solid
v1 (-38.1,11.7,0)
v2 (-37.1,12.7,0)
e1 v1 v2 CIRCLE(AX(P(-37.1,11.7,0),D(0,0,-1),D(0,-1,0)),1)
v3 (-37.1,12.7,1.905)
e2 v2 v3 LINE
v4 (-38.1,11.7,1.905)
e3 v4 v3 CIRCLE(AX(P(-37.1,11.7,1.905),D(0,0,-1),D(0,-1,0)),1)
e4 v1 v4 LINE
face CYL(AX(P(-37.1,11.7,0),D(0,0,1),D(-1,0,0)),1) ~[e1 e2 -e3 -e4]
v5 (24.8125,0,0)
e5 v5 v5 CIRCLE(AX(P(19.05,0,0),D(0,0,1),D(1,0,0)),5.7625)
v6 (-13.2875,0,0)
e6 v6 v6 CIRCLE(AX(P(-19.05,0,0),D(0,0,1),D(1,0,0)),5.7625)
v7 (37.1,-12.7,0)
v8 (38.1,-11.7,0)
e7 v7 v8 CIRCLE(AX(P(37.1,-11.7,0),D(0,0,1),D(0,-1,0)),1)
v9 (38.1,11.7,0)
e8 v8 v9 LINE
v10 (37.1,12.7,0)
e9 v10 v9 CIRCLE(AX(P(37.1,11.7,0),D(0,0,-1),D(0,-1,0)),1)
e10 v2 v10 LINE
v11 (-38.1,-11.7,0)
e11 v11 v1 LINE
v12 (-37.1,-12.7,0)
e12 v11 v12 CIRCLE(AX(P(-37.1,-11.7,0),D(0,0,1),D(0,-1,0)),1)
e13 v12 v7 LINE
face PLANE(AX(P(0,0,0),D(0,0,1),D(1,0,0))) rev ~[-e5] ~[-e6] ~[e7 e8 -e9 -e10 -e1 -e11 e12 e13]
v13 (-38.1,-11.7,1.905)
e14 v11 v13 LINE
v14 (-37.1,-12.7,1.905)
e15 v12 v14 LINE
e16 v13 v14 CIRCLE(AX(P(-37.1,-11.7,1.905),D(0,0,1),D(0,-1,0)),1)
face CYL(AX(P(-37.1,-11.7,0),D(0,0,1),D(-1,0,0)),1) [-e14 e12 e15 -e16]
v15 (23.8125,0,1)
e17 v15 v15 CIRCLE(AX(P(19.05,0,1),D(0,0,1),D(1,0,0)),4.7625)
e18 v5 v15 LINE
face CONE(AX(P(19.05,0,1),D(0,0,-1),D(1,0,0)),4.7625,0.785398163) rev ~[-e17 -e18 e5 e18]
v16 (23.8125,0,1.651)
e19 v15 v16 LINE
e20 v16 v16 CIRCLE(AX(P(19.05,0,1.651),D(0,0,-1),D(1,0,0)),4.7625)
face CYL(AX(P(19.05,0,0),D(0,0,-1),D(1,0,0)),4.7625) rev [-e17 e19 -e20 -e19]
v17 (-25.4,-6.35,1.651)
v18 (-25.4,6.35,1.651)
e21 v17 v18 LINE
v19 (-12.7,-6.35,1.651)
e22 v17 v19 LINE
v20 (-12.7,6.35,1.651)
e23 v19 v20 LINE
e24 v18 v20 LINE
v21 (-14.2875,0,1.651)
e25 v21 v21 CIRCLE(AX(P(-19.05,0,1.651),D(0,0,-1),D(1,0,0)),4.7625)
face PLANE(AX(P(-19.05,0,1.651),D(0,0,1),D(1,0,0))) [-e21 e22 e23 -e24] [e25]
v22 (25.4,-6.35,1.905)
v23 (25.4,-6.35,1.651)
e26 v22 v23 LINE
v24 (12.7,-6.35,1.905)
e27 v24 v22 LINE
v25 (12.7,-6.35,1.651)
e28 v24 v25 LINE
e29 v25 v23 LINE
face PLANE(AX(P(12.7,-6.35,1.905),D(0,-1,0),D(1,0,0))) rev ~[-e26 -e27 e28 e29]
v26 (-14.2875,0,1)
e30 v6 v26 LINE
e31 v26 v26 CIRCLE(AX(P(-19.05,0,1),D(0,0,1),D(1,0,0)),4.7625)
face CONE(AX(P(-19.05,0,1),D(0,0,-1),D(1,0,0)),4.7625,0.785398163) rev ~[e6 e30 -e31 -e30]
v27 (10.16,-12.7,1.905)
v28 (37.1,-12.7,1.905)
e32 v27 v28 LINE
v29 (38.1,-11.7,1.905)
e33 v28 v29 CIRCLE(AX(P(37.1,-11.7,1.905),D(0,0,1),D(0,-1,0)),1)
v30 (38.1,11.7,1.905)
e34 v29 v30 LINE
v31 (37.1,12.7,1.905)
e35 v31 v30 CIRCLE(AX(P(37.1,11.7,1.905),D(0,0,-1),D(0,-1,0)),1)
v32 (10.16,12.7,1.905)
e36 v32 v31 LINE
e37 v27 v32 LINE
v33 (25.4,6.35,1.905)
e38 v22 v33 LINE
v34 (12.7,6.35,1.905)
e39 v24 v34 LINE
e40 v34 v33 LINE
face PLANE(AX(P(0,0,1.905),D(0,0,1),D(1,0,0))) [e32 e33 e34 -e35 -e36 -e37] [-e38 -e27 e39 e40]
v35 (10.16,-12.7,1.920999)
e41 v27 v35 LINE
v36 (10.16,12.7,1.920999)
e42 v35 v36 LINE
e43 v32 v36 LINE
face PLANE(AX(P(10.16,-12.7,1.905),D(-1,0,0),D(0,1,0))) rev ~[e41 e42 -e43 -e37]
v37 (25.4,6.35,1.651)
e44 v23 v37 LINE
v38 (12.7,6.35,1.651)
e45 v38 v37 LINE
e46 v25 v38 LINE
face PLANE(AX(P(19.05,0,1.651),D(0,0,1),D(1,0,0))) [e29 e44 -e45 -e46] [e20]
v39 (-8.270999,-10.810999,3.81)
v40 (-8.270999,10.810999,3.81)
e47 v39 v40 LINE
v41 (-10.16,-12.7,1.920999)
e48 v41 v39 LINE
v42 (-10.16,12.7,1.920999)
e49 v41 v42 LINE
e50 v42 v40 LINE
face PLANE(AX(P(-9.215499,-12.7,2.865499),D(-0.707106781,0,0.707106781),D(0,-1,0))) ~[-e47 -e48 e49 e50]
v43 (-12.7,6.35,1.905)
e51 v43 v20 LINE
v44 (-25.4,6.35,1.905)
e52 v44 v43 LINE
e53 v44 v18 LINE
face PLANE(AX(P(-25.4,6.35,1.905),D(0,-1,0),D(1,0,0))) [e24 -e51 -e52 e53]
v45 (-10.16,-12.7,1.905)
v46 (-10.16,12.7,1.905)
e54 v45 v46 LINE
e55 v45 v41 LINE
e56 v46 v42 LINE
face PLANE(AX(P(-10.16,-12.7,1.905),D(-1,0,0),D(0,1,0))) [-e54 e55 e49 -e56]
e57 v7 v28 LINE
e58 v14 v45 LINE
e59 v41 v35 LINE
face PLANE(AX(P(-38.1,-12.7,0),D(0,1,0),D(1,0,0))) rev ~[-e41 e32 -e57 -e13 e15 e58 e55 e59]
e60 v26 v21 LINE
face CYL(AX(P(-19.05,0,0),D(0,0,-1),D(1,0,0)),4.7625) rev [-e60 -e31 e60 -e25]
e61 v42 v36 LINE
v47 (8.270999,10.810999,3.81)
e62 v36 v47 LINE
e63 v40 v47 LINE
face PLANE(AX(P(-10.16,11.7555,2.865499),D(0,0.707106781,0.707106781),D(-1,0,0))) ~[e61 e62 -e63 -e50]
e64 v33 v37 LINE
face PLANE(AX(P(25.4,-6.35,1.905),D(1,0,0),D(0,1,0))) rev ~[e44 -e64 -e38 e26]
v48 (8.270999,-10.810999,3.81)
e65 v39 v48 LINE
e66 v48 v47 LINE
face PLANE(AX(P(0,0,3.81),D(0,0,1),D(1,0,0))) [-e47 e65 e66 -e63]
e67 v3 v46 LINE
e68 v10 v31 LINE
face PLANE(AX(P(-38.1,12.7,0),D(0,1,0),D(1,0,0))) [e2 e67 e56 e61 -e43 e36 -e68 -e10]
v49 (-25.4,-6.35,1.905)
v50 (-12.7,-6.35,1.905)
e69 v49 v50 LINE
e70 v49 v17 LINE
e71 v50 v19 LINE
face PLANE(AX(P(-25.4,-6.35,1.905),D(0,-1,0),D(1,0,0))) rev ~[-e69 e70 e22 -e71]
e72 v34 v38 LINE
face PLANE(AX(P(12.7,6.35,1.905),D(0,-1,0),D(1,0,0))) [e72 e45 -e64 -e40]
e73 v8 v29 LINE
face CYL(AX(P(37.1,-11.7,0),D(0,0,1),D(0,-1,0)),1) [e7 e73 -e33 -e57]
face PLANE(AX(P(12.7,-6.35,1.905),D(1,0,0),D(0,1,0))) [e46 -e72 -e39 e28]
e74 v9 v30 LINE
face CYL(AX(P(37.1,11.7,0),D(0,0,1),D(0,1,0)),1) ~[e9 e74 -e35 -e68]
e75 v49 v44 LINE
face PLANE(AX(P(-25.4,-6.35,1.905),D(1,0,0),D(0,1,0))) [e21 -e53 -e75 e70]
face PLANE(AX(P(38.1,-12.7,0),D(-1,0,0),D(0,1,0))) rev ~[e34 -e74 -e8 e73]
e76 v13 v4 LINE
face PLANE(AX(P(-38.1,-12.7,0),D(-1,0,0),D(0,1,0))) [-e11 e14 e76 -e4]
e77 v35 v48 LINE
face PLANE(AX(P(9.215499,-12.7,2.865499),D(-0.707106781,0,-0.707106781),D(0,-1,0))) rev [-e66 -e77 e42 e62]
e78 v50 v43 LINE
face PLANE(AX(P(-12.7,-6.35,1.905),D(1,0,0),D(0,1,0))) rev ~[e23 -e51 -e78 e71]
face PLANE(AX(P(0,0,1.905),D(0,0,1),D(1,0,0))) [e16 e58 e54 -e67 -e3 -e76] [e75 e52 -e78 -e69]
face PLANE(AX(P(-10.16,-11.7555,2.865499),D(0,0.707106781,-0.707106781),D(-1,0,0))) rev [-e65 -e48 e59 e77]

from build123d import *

# Parameters (mm, degrees)
SKETCH_W        = 76.2
SKETCH_H        = 25.4
SKETCH_R        = 4.7625
PAD_DEPTH       = 1.905
SKETCH001_W     = 12.7
SKETCH001_H     = 12.7
POCKET_DEPTH    = 0.254
CHAMFER_SIZE    = 1
FILLET_R        = 1
SKETCH002_W     = 20.32
SKETCH002_H     = 25.4
PAD001_DEPTH    = 1.905
CHAMFER001_SIZE = 1.889001


with BuildPart() as part:
    # Sketch → Pad (new body)
    with BuildSketch(Plane.XY):
        Rectangle(SKETCH_W, SKETCH_H)
        with Locations((-19.05, 0)):
            Circle(SKETCH_R, mode=Mode.SUBTRACT)
        with Locations((19.05, 0)):
            Circle(SKETCH_R, mode=Mode.SUBTRACT)
    extrude(amount=PAD_DEPTH)

    # Sketch001 → Pocket (cut)
    with BuildSketch(Plane.XY.offset(1.905)):
        with Locations((-19.05, 0)):
            Rectangle(SKETCH001_W, SKETCH001_H)
        with Locations((19.05, 0)):
            Rectangle(SKETCH001_W, SKETCH001_H)
    extrude(amount=-POCKET_DEPTH, mode=Mode.SUBTRACT)

    # Chamfer
    chamfer_edges = [part.edges().sort_by_distance(p)[0] for p in [
        (14.2875, 0, 0),
        (-23.8125, 0, 0),
    ]]
    chamfer(chamfer_edges, length=CHAMFER_SIZE)

    # Fillet
    fillet_edges = [part.edges().sort_by_distance(p)[0] for p in [
        (38.1, 12.7, 0.9525),
        (38.1, -12.7, 0.9525),
        (-38.1, -12.7, 0.9525),
        (-38.1, 12.7, 0.9525),
    ]]
    fillet(fillet_edges, radius=FILLET_R)

    # Sketch002 (on Face5 of Pocket) → Pad001 (join)
    with BuildSketch(Plane.XY.offset(1.905)):
        Rectangle(SKETCH002_W, SKETCH002_H)
    extrude(amount=PAD001_DEPTH)

    # Chamfer001
    chamfer001_edges = [part.edges().sort_by_distance(p)[0] for p in [
        (0, -12.7, 3.81),
        (-10.16, 0, 3.81),
        (10.16, 0, 3.81),
        (0, 12.7, 3.81),
    ]]
    chamfer(chamfer001_edges, length=CHAMFER001_SIZE)


solid = part.part
